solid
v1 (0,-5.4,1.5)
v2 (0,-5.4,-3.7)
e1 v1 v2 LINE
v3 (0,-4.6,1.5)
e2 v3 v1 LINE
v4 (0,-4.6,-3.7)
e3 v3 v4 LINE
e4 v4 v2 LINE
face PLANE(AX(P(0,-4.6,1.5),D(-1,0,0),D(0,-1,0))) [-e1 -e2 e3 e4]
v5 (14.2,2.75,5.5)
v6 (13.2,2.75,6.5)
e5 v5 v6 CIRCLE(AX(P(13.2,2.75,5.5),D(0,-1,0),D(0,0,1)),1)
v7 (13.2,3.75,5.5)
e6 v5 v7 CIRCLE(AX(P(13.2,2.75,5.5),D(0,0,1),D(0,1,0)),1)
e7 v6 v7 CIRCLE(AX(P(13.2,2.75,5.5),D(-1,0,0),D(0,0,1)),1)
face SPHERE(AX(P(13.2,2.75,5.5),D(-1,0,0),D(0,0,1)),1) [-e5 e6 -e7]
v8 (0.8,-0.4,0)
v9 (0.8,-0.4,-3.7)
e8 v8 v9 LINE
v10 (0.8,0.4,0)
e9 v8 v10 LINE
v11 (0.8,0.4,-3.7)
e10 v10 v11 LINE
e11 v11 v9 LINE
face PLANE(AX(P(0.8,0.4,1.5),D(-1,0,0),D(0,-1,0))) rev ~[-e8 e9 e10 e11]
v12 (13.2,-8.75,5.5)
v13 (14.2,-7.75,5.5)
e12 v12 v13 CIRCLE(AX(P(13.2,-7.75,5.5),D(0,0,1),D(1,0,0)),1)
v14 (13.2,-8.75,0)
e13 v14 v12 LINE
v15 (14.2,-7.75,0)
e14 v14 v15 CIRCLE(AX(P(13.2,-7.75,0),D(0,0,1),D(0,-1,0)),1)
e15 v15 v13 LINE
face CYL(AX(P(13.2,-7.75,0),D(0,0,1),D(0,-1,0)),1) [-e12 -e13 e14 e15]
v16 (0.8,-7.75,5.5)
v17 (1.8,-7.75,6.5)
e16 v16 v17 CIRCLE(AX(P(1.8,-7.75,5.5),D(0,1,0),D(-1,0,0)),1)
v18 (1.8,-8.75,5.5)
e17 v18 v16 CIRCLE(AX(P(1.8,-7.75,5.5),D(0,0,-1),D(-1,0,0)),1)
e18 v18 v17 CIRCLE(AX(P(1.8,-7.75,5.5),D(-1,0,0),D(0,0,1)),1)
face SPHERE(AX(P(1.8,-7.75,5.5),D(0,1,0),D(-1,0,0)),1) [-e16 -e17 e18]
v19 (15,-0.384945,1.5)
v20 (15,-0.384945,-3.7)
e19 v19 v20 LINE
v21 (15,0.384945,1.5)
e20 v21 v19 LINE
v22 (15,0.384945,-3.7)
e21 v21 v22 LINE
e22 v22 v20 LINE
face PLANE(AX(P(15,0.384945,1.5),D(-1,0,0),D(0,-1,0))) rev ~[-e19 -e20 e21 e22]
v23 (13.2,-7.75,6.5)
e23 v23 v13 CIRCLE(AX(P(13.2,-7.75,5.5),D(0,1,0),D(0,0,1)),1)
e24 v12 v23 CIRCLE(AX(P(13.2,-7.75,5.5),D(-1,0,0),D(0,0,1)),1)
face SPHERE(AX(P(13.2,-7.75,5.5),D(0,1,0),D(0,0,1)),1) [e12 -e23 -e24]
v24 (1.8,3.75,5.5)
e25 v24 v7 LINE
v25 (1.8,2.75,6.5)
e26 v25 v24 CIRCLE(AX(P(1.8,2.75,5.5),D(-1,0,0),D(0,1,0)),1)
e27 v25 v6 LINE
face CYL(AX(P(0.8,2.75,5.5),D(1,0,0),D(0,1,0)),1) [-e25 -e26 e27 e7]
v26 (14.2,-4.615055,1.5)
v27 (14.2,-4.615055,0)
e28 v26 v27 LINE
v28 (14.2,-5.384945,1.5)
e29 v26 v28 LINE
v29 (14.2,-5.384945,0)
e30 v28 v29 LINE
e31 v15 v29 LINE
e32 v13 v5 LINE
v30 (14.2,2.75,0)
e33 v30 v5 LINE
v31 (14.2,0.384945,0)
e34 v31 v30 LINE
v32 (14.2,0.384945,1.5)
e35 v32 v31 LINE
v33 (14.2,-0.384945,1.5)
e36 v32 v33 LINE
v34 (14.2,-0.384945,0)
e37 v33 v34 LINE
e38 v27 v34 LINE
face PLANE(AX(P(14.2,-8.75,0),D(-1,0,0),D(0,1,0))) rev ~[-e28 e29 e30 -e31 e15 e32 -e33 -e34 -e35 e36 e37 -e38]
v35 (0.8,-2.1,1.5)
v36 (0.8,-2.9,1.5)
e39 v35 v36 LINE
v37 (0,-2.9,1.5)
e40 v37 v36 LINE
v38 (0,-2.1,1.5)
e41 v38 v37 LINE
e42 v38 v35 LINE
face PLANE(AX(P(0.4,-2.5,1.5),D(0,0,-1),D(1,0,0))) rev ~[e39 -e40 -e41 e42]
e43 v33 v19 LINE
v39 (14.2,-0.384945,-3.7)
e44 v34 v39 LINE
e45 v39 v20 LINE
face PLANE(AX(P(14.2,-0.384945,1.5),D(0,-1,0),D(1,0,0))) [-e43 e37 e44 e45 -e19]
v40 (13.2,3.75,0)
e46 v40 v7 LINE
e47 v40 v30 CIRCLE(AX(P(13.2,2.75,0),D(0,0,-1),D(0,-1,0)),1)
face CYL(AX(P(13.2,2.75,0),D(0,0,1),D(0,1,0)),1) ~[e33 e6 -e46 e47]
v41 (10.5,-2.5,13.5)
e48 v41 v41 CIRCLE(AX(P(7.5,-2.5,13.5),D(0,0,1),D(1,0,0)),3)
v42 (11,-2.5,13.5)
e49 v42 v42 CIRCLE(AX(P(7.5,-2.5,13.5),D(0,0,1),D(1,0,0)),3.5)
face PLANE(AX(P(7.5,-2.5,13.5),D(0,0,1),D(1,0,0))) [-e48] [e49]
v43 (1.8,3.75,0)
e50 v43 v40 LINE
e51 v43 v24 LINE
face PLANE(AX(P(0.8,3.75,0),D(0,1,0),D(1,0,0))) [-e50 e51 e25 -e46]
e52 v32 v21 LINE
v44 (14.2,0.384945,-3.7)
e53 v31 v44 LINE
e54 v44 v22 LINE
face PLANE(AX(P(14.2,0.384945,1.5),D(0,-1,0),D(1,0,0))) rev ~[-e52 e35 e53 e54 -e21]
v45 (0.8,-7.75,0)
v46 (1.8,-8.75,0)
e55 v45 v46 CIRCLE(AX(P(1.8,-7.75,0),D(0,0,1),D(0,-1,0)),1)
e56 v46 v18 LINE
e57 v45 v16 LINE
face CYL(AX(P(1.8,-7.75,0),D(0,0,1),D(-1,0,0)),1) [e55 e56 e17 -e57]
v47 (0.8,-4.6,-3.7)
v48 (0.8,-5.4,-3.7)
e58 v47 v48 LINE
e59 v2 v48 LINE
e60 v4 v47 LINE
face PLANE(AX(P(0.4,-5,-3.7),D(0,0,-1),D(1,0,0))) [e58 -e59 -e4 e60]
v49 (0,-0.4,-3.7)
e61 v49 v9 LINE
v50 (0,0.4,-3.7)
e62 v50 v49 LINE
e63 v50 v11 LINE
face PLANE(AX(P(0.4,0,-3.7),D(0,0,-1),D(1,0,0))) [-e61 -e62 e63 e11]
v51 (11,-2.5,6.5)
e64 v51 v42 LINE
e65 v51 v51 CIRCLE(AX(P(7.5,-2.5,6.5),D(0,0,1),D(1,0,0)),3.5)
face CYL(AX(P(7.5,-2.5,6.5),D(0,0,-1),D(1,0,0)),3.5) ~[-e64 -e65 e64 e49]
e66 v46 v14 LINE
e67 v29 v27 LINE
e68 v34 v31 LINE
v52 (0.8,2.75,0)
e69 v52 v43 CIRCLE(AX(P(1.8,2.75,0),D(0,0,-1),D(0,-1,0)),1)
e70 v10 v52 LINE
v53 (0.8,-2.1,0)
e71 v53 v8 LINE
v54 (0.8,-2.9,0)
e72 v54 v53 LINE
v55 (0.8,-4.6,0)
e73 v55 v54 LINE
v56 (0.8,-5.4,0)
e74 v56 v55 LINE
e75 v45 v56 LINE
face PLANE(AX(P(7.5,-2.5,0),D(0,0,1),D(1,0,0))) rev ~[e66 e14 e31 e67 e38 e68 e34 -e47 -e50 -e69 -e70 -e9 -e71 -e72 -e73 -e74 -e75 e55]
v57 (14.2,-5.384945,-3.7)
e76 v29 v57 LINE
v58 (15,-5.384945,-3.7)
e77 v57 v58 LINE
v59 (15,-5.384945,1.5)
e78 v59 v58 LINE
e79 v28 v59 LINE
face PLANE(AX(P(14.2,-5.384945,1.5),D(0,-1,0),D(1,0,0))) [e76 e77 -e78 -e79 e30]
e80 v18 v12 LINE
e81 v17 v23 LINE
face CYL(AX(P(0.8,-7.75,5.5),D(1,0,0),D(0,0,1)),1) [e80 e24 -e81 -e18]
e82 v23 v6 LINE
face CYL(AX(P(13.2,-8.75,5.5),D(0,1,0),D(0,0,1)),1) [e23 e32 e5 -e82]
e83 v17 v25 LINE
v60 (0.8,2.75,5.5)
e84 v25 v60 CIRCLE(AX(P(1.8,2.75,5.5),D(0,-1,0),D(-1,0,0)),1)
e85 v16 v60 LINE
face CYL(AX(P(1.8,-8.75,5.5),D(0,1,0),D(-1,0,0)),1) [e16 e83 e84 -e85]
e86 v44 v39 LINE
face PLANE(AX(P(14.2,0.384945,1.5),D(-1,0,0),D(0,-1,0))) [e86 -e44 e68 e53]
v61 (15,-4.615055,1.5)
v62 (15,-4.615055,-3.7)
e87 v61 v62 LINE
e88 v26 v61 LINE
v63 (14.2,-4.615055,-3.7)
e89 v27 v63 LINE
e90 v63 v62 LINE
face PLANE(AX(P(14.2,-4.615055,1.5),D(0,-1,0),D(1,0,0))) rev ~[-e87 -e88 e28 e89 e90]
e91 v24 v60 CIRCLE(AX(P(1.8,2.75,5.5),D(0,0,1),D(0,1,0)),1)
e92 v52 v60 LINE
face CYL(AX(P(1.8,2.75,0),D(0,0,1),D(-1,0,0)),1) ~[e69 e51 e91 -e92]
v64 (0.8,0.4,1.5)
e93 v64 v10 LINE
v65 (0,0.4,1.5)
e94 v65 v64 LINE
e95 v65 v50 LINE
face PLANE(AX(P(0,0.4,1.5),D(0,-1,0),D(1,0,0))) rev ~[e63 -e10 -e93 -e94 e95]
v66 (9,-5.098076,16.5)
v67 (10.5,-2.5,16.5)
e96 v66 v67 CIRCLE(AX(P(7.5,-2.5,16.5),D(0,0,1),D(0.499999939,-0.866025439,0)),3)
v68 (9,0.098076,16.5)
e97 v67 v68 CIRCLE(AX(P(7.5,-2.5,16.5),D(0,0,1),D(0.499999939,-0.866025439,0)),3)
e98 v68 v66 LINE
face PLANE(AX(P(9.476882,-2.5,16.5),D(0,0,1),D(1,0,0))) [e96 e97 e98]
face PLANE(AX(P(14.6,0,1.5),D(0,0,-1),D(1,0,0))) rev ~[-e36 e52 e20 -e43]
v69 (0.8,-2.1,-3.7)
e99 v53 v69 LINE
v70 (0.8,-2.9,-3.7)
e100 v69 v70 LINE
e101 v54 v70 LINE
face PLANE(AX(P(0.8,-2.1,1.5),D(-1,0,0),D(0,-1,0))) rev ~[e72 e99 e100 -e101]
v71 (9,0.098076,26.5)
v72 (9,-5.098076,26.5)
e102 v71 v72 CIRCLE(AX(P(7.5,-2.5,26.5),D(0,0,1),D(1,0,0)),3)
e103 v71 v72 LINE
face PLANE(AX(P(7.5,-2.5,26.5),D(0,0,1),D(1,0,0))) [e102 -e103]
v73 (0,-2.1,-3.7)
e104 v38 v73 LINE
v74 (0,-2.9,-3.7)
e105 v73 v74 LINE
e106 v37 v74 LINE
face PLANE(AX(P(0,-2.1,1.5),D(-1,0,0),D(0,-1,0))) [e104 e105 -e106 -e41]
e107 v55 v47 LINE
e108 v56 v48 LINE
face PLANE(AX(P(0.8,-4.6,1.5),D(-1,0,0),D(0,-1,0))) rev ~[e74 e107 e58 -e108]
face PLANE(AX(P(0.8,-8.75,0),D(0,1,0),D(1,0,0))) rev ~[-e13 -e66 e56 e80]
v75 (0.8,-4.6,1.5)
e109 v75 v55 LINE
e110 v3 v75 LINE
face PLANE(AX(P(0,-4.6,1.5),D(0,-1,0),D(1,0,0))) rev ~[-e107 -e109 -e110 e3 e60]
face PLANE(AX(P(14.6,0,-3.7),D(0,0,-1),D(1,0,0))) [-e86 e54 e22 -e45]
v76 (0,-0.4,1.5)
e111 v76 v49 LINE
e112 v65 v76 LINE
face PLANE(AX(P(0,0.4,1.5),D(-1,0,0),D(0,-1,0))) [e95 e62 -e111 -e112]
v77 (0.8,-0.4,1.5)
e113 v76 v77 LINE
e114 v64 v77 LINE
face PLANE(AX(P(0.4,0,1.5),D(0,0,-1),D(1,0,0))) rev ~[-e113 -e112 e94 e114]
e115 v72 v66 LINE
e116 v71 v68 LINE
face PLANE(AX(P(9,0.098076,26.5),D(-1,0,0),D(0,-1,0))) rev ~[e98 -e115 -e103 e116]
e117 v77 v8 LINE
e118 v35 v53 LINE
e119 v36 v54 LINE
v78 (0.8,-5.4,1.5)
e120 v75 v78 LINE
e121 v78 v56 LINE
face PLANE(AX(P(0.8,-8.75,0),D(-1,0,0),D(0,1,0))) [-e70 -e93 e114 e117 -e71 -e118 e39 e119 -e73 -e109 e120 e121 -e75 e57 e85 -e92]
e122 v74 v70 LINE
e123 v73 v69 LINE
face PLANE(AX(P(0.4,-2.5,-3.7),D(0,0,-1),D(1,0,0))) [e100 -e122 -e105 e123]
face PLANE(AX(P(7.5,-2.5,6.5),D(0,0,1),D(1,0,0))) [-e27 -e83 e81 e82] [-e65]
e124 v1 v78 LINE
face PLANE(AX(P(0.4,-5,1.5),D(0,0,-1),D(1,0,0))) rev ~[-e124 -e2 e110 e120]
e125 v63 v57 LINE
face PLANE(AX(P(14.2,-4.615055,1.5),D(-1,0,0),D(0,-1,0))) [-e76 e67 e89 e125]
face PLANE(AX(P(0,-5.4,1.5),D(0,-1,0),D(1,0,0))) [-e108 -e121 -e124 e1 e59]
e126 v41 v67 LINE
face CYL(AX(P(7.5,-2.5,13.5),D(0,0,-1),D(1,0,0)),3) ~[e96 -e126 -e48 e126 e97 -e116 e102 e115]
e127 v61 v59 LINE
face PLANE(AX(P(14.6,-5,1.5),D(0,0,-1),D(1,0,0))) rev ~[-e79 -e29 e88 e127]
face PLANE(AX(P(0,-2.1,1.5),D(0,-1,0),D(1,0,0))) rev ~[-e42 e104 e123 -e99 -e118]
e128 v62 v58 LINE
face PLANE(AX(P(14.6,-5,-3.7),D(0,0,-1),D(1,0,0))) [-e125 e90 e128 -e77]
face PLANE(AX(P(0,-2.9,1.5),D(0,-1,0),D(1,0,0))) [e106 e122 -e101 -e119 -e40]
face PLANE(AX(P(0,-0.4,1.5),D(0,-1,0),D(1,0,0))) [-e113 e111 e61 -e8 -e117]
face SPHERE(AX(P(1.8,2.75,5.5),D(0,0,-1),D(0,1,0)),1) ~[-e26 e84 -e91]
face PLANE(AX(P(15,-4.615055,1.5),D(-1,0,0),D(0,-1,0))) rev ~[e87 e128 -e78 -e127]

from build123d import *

# Parameters (mm, degrees)
SKETCH_W      = 13.4
SKETCH_H      = 12.5
PAD_DEPTH     = 6.5
SKETCH001_W   = 0.8
SKETCH001_H   = 0.8
SKETCH001_H_2 = 0.76989
PAD001_DEPTH  = 5.2
SKETCH002_R   = 3.5
PAD002_DEPTH  = 7
SKETCH003_R   = 3
PAD003_DEPTH  = 13
POCKET_DEPTH  = 10
FILLET_R      = 1


with BuildPart() as part:
    # Sketch → Pad (new body)
    with BuildSketch(Plane.XY):
        with Locations((7.5, -2.5)):
            Rectangle(SKETCH_W, SKETCH_H)
    extrude(amount=PAD_DEPTH)

    # Sketch001 (on DatumPlane) → Pad001 (join)
    with BuildSketch(Plane(origin=(0, 0, 1.5), x_dir=(1, 0, 0), z_dir=(0, 0, -1))):
        with Locations((0.4, 5)):
            Rectangle(SKETCH001_W, SKETCH001_H)
        with Locations((0.4, 2.5)):
            Rectangle(SKETCH001_W, SKETCH001_H)
        with Locations((0.4, 0)):
            Rectangle(SKETCH001_W, SKETCH001_H)
        with Locations((14.6, 5)):
            Rectangle(SKETCH001_W, SKETCH001_H_2)
        with Locations((14.6, 0)):
            Rectangle(SKETCH001_W, SKETCH001_H_2)
    extrude(amount=PAD001_DEPTH)

    # Sketch002 (on Face5 of Pad001) → Pad002 (join)
    with BuildSketch(Plane.XY.offset(6.5)):
        with Locations((7.5, -2.5)):
            Circle(SKETCH002_R)
    extrude(amount=PAD002_DEPTH)

    # Sketch003 (on Face38 of Pad002) → Pad003 (join)
    with BuildSketch(Plane.XY.offset(13.5)):
        with Locations((7.5, -2.5)):
            Circle(SKETCH003_R)
    extrude(amount=PAD003_DEPTH)

    # Sketch004 (on Face40 of Pad003) → Pocket (cut)
    with BuildSketch(Plane.XY.offset(26.5)):
        with BuildLine():
            Line((9, 0.098076), (9, -5.098076))
            ThreePointArc((9, -5.098076), (10.5, -2.5), (9, 0.098076))
        make_face()
    extrude(amount=-POCKET_DEPTH, mode=Mode.SUBTRACT)

    # Fillet
    fillet_edges = [part.edges().sort_by_distance(p)[0] for p in [
        (0.8, 3.75, 3.25),
        (7.5, 3.75, 6.5),
        (0.8, -2.5, 6.5),
        (14.2, -2.5, 6.5),
        (14.2, 3.75, 3.25),
        (0.8, -8.75, 3.25),
        (7.5, -8.75, 6.5),
        (14.2, -8.75, 3.25),
    ]]
    fillet(fillet_edges, radius=FILLET_R)


solid = part.part
